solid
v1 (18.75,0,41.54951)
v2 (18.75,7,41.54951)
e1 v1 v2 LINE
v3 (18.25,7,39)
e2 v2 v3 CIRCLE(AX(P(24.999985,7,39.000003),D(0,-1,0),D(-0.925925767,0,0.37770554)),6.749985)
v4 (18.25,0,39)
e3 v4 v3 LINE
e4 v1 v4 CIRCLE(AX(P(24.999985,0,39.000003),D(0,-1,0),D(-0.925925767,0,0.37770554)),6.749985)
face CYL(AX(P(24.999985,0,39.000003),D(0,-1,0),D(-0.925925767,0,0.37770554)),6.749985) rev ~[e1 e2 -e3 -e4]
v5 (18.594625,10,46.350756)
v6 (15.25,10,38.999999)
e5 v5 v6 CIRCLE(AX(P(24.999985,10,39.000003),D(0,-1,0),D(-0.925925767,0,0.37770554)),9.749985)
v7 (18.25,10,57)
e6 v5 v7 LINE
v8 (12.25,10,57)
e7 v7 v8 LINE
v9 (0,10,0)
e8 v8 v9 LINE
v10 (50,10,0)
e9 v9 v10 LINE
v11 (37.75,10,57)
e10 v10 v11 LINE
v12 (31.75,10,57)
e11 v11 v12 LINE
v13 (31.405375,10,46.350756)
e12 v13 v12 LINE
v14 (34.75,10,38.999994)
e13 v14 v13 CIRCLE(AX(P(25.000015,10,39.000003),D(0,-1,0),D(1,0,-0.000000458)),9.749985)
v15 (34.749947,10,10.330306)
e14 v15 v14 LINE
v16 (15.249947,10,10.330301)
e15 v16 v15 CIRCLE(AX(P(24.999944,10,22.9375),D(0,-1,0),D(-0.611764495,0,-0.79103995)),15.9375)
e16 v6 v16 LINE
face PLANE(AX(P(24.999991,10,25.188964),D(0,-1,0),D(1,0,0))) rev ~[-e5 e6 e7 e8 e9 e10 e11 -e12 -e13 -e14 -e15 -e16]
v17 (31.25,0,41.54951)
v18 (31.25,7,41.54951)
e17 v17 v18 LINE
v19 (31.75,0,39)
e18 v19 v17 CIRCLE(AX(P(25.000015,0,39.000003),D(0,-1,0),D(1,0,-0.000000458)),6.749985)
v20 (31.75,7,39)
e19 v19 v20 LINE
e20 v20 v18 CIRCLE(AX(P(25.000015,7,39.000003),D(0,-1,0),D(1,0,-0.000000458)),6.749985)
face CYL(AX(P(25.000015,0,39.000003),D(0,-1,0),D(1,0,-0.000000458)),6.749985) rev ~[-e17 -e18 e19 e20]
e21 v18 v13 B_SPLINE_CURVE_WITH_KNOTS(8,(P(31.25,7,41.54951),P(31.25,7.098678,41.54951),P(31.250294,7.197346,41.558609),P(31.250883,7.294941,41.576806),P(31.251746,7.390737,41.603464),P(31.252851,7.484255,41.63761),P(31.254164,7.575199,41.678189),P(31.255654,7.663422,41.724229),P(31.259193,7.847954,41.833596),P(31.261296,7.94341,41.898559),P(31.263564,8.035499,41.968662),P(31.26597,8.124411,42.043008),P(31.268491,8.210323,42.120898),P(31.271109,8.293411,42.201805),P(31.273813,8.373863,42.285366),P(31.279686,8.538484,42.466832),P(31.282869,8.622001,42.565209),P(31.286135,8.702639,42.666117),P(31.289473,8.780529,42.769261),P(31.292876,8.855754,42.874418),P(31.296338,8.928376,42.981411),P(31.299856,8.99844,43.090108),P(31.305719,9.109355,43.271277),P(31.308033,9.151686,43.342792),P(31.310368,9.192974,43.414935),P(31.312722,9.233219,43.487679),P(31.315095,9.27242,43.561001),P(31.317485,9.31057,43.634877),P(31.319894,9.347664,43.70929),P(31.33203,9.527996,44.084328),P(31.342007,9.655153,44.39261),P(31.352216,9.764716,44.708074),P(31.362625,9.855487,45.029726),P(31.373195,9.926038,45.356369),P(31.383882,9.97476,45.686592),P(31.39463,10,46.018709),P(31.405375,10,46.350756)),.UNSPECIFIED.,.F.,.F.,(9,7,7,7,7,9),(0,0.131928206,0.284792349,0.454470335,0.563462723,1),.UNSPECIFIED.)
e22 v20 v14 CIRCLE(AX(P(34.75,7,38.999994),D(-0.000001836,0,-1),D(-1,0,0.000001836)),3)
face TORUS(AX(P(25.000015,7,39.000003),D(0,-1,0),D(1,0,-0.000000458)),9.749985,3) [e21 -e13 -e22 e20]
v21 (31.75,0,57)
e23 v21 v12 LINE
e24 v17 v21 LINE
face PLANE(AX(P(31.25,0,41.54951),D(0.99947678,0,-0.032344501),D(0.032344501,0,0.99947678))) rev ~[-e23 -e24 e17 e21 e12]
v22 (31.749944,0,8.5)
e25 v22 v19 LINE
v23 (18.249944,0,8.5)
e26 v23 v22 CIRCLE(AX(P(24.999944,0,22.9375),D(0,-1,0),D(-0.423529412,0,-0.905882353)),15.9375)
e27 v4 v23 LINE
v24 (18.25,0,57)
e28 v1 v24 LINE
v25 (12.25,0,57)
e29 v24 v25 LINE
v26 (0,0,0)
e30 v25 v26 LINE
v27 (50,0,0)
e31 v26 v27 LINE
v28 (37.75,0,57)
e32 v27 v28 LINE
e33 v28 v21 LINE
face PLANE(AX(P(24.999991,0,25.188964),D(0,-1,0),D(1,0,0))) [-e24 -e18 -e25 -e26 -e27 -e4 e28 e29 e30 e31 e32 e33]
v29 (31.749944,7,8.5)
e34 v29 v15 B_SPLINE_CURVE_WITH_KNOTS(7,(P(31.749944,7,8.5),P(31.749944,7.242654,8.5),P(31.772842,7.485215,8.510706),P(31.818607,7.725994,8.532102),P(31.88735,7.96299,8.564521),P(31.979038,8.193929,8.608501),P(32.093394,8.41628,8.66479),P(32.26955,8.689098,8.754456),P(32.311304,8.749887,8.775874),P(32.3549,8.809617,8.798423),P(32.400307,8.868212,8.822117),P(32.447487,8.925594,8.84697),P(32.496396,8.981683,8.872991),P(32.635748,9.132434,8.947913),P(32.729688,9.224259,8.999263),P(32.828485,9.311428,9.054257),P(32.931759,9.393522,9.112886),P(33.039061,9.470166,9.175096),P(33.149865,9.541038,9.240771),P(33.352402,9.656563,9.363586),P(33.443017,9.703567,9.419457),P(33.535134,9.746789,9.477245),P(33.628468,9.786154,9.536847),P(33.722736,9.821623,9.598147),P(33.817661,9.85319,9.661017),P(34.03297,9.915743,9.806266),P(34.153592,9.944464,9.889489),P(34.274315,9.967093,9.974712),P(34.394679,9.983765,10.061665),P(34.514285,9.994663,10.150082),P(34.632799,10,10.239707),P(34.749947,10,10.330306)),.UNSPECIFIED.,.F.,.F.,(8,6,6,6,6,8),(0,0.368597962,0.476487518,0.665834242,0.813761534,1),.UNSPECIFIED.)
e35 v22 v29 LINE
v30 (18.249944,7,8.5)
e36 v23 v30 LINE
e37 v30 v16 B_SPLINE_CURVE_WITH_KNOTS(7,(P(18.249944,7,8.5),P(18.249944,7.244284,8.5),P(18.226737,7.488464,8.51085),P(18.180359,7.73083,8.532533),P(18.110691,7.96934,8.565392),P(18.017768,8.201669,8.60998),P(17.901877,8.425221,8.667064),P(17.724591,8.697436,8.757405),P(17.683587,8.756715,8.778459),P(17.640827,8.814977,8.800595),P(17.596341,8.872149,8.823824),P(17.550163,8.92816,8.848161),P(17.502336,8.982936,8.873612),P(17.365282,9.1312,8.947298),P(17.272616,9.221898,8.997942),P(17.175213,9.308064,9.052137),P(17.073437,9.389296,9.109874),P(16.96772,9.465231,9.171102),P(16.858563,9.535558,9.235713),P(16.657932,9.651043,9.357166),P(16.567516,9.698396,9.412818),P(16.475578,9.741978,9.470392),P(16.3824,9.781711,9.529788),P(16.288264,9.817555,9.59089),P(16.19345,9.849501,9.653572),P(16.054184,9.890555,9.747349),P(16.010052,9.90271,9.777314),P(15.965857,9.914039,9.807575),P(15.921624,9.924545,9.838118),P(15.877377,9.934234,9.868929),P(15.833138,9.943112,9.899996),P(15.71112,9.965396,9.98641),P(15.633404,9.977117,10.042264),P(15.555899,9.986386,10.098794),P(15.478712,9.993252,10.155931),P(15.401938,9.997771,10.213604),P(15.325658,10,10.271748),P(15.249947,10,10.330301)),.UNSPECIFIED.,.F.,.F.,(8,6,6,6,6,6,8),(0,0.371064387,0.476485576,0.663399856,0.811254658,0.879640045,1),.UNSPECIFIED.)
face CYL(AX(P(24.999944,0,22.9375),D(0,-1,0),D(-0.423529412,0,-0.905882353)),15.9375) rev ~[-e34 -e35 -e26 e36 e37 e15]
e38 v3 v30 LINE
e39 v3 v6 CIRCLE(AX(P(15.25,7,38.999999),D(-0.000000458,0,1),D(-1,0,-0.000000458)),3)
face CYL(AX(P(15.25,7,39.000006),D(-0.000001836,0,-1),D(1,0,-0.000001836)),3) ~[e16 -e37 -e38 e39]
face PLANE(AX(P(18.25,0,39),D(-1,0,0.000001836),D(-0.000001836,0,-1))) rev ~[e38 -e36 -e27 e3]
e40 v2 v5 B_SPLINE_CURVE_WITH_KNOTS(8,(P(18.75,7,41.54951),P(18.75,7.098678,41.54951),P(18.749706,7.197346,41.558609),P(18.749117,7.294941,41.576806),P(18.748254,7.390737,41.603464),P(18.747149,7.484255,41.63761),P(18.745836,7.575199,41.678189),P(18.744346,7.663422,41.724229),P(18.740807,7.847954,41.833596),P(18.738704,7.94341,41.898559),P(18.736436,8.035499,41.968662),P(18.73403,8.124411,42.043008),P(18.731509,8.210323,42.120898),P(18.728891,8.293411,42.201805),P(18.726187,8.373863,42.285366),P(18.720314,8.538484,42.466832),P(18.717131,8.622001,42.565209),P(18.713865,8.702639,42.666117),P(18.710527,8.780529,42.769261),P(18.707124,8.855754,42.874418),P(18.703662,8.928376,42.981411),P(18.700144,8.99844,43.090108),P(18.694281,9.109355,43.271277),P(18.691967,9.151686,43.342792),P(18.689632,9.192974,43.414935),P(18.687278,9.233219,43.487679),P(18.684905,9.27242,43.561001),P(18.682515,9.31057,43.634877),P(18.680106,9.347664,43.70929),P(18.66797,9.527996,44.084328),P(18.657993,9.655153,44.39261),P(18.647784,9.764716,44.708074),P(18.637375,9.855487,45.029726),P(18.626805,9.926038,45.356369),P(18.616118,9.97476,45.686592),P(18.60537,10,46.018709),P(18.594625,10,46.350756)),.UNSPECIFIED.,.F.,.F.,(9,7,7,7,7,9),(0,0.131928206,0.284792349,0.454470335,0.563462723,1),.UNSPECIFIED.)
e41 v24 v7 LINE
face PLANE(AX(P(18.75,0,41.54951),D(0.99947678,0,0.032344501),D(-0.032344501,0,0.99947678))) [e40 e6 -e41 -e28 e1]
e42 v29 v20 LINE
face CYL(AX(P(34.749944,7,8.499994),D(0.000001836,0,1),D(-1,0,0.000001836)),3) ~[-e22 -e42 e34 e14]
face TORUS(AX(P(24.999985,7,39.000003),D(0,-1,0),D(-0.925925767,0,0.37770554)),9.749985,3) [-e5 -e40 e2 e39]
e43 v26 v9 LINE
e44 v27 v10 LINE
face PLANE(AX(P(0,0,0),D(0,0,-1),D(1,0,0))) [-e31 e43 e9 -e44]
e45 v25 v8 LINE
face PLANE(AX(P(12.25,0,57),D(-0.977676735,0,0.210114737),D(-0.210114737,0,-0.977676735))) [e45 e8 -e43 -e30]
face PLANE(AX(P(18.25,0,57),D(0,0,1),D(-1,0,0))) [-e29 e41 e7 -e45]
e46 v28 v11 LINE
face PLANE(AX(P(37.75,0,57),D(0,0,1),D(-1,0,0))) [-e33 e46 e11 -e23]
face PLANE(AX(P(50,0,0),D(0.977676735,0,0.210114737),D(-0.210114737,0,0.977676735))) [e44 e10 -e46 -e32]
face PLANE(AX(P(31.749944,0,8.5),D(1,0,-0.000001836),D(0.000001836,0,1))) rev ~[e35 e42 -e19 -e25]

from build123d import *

# Parameters (mm, degrees)
PAD006_DEPTH = 10
FILLET001_R  = 3
PAD010_DEPTH = 4


with BuildPart() as part:
    # Sketch006 → Pad006 (new body)
    with BuildSketch(Plane.XZ):
        with BuildLine():
            Line((18.25, 57), (12.25, 57))
            Line((12.25, 57), (0, 0))
            Line((0, 0), (50, 0))
            Line((50, 0), (37.75, 57))
            Line((37.75, 57), (31.75, 57))
            Line((31.25, 41.54951), (31.75, 57))
            ThreePointArc((31.75, 39), (31.623821, 40.299038), (31.25, 41.54951))
            Line((31.749944, 8.5), (31.75, 39))
            ThreePointArc((18.249944, 8.5), (24.999944, 7), (31.749944, 8.5))
            Line((18.25, 39), (18.249944, 8.5))
            ThreePointArc((18.75, 41.54951), (18.376179, 40.299038), (18.25, 39))
            Line((18.75, 41.54951), (18.25, 57))
        make_face()
    extrude(amount=-PAD006_DEPTH)

    # Fillet001
    fillet001_edges = [part.edges().sort_by_distance(p)[0] for p in [
        (31.749972, 10, 23.75),
        (18.249972, 10, 23.75),
    ]]
    fillet(fillet001_edges, radius=FILLET001_R)

    # Sketch009 → Pad010 (join)
    with BuildSketch(Plane.XZ):
        Polygon((11, 6), (39, 6), (39, 0), (35, 0), (15, 0), (11, 0), align=None)
    extrude(amount=-PAD010_DEPTH)


solid = part.part
